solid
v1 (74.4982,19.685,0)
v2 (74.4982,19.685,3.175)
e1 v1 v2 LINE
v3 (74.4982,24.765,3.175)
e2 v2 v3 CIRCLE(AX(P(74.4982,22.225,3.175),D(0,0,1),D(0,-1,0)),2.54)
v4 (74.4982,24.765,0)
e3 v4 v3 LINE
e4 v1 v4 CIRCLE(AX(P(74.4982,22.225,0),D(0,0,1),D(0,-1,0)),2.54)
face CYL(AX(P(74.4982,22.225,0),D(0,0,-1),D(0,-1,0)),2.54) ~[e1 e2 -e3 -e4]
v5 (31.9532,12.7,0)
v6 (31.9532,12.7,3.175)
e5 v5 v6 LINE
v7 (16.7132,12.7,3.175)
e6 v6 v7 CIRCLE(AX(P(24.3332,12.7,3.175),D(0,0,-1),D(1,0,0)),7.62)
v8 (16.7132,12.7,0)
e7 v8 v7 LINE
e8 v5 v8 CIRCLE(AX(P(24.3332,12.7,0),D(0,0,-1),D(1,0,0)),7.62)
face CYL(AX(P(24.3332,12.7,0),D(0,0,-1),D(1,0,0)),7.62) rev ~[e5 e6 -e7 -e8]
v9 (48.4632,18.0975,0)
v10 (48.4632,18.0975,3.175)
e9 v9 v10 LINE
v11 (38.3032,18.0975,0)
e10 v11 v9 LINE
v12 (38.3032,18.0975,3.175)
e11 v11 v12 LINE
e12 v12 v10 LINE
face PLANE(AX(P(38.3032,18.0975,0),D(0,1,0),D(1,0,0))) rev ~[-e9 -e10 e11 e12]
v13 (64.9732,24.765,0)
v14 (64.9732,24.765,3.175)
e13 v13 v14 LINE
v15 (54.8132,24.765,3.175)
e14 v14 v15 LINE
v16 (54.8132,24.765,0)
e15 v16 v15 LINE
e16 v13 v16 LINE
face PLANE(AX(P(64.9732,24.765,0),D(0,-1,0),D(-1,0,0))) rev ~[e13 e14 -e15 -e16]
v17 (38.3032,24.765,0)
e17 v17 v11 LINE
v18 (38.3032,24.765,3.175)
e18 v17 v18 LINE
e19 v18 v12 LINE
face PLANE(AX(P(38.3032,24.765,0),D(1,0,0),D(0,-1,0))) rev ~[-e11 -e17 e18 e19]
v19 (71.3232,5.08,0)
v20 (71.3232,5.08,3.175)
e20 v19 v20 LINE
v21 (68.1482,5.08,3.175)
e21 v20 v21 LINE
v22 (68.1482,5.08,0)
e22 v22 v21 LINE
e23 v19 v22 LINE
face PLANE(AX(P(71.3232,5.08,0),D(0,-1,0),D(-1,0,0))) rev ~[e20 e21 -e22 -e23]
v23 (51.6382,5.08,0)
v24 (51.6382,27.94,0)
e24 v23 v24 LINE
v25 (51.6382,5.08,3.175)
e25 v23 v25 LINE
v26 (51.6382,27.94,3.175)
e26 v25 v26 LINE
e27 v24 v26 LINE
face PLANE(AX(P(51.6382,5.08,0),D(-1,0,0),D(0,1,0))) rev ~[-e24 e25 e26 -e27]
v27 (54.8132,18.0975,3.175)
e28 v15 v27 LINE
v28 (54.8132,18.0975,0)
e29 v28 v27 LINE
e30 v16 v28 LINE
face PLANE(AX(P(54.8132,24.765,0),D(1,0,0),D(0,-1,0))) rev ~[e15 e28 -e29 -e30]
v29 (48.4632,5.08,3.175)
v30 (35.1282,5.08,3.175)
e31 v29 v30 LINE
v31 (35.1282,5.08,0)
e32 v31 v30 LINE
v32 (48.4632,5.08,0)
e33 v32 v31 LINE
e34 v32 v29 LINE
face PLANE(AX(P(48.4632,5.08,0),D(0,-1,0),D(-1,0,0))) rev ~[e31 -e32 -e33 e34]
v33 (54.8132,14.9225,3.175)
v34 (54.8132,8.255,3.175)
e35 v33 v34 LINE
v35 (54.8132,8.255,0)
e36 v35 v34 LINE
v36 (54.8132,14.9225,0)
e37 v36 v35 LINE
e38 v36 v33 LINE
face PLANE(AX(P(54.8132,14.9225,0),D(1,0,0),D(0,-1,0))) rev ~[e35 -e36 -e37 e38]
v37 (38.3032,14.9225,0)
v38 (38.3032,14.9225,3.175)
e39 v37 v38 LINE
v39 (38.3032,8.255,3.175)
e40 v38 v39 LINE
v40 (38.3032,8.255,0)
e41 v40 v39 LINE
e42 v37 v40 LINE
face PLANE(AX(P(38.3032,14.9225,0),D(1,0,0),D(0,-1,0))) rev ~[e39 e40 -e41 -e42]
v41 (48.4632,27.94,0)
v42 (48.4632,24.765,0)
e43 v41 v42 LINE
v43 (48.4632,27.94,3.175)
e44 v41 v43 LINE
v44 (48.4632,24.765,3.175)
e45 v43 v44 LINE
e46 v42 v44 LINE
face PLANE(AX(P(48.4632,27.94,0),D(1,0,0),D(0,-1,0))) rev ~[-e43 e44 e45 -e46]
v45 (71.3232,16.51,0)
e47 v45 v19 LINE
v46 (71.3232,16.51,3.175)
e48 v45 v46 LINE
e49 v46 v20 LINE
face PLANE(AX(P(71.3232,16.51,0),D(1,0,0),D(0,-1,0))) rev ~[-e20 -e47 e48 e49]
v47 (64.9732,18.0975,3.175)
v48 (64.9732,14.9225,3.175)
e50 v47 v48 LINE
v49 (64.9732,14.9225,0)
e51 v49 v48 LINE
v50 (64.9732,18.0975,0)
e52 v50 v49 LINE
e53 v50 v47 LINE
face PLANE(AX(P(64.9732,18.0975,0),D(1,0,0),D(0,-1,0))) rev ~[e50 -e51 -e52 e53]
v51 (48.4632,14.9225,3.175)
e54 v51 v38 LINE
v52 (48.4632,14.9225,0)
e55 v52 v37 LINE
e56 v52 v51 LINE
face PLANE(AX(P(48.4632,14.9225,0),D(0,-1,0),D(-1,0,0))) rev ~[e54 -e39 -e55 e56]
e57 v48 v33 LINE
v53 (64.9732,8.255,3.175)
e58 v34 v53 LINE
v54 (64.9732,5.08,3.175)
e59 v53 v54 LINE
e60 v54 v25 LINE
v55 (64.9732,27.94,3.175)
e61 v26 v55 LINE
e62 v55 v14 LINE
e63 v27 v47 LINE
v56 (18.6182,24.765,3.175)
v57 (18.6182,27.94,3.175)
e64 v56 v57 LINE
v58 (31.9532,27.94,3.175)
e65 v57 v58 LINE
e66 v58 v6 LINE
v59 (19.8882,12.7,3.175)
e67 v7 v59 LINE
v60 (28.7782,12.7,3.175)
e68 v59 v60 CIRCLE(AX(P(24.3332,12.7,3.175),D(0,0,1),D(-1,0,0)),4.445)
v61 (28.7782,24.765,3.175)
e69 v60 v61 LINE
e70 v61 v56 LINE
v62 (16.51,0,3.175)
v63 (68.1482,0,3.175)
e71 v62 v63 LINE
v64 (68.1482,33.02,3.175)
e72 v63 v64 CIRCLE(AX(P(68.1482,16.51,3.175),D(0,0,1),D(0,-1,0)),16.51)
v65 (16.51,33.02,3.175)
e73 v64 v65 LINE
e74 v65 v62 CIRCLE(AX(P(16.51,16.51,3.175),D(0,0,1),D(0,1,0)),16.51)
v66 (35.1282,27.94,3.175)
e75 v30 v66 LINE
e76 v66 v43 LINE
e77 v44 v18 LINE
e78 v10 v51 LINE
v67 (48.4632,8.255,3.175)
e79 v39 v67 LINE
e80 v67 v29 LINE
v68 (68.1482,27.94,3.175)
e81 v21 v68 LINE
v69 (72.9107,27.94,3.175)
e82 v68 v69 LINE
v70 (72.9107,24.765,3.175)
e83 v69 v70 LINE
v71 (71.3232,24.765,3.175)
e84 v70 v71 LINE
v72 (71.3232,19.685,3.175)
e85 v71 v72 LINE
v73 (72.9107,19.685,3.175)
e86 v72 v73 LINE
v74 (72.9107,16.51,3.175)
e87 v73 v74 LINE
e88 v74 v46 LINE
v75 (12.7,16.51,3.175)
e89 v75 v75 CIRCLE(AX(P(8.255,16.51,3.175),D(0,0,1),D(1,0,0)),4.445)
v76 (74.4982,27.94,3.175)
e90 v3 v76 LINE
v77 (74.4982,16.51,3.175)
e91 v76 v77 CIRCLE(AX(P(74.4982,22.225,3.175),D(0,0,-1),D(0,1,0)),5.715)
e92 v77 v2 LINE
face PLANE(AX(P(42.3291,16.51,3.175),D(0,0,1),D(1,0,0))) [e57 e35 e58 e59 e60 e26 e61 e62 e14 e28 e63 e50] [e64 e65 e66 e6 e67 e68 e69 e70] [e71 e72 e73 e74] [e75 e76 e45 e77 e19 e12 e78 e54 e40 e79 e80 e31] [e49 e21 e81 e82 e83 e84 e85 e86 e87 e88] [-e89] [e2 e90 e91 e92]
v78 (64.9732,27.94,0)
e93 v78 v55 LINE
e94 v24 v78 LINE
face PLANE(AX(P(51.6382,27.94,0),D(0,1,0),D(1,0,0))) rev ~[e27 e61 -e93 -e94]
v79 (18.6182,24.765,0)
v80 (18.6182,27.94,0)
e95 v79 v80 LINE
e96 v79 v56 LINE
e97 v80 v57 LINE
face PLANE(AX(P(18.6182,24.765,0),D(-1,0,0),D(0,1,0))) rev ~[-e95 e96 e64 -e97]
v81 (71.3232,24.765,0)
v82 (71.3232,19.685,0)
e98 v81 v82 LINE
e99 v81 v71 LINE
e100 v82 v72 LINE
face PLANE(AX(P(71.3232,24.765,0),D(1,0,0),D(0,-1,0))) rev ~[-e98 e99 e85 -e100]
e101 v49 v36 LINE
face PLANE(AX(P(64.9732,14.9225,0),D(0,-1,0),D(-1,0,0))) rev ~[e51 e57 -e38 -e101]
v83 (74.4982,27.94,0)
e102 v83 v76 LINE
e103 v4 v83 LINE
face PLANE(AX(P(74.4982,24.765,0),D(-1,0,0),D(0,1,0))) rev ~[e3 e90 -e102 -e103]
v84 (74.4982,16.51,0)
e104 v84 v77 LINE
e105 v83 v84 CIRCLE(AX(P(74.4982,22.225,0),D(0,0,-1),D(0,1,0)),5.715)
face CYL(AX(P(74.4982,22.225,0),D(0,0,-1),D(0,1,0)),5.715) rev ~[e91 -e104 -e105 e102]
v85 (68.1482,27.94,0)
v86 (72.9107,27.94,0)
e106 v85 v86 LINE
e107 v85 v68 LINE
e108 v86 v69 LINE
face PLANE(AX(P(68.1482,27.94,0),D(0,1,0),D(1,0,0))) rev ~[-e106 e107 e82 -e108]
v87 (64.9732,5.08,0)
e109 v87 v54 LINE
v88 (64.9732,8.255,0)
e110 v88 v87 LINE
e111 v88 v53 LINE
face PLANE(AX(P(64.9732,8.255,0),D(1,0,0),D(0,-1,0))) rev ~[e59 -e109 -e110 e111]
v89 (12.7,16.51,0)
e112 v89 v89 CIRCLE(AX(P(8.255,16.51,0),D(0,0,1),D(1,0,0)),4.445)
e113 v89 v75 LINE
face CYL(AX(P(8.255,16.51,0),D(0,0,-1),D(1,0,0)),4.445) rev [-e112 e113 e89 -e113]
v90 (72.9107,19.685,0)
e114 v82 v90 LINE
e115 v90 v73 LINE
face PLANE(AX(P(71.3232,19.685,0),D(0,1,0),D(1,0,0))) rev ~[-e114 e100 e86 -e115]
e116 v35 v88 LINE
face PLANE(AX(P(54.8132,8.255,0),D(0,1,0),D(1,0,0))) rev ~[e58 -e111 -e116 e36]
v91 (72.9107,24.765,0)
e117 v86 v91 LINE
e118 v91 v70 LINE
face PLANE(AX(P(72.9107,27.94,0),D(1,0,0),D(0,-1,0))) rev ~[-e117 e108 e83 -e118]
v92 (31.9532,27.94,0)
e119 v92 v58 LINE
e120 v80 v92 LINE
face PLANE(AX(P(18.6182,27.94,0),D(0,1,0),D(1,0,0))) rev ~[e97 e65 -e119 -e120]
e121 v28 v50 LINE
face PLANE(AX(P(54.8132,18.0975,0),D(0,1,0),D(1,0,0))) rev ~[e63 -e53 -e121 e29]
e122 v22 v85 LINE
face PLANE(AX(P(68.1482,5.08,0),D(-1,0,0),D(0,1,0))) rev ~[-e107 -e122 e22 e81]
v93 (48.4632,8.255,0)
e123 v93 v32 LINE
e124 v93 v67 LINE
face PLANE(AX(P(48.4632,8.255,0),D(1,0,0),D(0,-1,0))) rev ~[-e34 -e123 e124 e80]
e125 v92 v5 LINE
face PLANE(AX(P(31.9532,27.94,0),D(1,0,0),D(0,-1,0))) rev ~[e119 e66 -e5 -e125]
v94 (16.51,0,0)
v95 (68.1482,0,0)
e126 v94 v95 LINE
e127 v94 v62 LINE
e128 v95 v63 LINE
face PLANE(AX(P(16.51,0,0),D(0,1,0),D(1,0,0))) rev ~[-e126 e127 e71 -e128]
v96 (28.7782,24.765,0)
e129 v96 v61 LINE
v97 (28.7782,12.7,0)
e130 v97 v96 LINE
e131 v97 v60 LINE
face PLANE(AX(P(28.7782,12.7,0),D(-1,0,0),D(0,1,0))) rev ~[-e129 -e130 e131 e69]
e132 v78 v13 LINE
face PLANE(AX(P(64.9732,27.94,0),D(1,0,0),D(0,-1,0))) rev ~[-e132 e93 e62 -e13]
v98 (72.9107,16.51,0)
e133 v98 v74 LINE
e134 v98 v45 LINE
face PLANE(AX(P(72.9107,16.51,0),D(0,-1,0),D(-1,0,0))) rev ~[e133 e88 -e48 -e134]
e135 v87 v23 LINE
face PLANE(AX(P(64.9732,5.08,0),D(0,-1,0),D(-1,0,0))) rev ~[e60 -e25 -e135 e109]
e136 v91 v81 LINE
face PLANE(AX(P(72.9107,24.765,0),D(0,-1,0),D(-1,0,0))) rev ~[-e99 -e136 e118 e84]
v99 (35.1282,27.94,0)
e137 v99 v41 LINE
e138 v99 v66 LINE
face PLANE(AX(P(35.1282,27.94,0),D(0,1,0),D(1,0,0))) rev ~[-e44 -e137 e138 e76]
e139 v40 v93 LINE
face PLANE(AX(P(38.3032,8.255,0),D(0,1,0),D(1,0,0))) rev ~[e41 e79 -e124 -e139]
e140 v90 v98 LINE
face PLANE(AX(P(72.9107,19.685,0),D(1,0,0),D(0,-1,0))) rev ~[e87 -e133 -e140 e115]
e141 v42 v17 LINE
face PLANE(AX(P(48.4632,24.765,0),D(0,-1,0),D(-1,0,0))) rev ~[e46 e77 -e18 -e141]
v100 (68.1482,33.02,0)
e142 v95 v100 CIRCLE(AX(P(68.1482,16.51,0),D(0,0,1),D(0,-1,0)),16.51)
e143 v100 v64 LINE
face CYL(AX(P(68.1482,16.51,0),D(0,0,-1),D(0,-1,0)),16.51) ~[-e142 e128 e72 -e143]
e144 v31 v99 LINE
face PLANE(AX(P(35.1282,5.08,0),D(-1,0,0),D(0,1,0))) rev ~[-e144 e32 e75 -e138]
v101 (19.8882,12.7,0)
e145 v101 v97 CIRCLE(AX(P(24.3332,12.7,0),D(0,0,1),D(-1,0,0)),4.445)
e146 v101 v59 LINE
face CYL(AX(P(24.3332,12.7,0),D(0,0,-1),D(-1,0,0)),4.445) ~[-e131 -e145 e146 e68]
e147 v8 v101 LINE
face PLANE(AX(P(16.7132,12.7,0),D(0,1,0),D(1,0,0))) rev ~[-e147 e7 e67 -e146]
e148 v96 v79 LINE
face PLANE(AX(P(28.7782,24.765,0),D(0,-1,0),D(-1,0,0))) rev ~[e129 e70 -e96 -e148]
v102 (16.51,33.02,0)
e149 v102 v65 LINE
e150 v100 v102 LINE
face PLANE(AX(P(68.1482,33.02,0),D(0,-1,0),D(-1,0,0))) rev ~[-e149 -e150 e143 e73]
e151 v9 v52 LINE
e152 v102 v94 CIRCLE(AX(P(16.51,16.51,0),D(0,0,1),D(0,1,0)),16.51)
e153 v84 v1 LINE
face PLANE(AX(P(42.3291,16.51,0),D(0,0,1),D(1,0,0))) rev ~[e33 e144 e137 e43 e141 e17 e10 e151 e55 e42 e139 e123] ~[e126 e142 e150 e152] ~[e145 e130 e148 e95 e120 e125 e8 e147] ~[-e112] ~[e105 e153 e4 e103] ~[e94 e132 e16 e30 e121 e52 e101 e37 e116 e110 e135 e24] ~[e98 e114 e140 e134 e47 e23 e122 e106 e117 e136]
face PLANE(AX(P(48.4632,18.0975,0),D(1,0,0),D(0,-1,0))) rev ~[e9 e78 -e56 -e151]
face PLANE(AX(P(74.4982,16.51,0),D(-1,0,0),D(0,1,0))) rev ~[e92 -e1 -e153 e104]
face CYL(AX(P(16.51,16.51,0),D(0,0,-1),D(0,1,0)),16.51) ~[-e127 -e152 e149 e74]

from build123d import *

# Parameters (mm, degrees)
F0_R     = 4.445
F1_DEPTH = 3.175


with BuildPart() as f1:
    # F0 (on Top) → F1 (new body)
    with BuildSketch(Plane.XY):
        with BuildLine():
            Line((30.48, 33.02), (16.51, 33.02))
            ThreePointArc((16.51, 33.02), (0, 16.51), (16.51, 0))
            Line((16.51, 0), (68.1482, 0))
            ThreePointArc((68.1482, 0), (84.6582, 16.51), (68.1482, 33.02))
            Line((68.1482, 33.02), (30.48, 33.02))
        make_face()
        with Locations((8.255, 16.51)):
            Circle(F0_R, mode=Mode.SUBTRACT)
        with BuildLine():
            Line((18.6182, 24.765), (18.6182, 27.94))
            Line((18.6182, 27.94), (31.9532, 27.94))
            Line((31.9532, 27.94), (31.9532, 24.765))
            Line((31.9532, 24.765), (31.9532, 12.7))
            ThreePointArc((31.9532, 12.7), (24.3332, 5.08), (16.7132, 12.7))
            Line((16.7132, 12.7), (19.8882, 12.7))
            ThreePointArc((19.8882, 12.7), (24.3332, 8.255), (28.7782, 12.7))
            Line((28.7782, 12.7), (28.7782, 24.765))
            Line((28.7782, 24.765), (18.6182, 24.765))
        make_face(mode=Mode.SUBTRACT)
        Polygon((35.1282, 27.94), (48.4632, 27.94), (48.4632, 24.765), (38.3032, 24.765), (38.3032, 18.0975), (48.4632, 18.0975), (48.4632, 14.9225), (38.3032, 14.9225), (38.3032, 8.255), (48.4632, 8.255), (48.4632, 5.08), (35.1282, 5.08), align=None, mode=Mode.SUBTRACT)
        Polygon((64.9732, 27.94), (64.9732, 24.765), (54.8132, 24.765), (54.8132, 18.0975), (64.9732, 18.0975), (64.9732, 14.9225), (54.8132, 14.9225), (54.8132, 8.255), (64.9732, 8.255), (64.9732, 5.08), (51.6382, 5.08), (51.6382, 27.94), align=None, mode=Mode.SUBTRACT)
        Polygon((68.1482, 5.08), (68.1482, 27.94), (72.9107, 27.94), (72.9107, 24.765), (71.3232, 24.765), (71.3232, 19.685), (72.9107, 19.685), (72.9107, 16.51), (71.3232, 16.51), (71.3232, 5.08), align=None, mode=Mode.SUBTRACT)
        with BuildLine():
            ThreePointArc((74.4982, 27.94), (80.2132, 22.225), (74.4982, 16.51))
            Line((74.4982, 16.51), (74.4982, 19.685))
            ThreePointArc((74.4982, 19.685), (77.0382, 22.225), (74.4982, 24.765))
            Line((74.4982, 24.765), (74.4982, 27.94))
        make_face(mode=Mode.SUBTRACT)
    extrude(amount=F1_DEPTH)


solid = f1.part
